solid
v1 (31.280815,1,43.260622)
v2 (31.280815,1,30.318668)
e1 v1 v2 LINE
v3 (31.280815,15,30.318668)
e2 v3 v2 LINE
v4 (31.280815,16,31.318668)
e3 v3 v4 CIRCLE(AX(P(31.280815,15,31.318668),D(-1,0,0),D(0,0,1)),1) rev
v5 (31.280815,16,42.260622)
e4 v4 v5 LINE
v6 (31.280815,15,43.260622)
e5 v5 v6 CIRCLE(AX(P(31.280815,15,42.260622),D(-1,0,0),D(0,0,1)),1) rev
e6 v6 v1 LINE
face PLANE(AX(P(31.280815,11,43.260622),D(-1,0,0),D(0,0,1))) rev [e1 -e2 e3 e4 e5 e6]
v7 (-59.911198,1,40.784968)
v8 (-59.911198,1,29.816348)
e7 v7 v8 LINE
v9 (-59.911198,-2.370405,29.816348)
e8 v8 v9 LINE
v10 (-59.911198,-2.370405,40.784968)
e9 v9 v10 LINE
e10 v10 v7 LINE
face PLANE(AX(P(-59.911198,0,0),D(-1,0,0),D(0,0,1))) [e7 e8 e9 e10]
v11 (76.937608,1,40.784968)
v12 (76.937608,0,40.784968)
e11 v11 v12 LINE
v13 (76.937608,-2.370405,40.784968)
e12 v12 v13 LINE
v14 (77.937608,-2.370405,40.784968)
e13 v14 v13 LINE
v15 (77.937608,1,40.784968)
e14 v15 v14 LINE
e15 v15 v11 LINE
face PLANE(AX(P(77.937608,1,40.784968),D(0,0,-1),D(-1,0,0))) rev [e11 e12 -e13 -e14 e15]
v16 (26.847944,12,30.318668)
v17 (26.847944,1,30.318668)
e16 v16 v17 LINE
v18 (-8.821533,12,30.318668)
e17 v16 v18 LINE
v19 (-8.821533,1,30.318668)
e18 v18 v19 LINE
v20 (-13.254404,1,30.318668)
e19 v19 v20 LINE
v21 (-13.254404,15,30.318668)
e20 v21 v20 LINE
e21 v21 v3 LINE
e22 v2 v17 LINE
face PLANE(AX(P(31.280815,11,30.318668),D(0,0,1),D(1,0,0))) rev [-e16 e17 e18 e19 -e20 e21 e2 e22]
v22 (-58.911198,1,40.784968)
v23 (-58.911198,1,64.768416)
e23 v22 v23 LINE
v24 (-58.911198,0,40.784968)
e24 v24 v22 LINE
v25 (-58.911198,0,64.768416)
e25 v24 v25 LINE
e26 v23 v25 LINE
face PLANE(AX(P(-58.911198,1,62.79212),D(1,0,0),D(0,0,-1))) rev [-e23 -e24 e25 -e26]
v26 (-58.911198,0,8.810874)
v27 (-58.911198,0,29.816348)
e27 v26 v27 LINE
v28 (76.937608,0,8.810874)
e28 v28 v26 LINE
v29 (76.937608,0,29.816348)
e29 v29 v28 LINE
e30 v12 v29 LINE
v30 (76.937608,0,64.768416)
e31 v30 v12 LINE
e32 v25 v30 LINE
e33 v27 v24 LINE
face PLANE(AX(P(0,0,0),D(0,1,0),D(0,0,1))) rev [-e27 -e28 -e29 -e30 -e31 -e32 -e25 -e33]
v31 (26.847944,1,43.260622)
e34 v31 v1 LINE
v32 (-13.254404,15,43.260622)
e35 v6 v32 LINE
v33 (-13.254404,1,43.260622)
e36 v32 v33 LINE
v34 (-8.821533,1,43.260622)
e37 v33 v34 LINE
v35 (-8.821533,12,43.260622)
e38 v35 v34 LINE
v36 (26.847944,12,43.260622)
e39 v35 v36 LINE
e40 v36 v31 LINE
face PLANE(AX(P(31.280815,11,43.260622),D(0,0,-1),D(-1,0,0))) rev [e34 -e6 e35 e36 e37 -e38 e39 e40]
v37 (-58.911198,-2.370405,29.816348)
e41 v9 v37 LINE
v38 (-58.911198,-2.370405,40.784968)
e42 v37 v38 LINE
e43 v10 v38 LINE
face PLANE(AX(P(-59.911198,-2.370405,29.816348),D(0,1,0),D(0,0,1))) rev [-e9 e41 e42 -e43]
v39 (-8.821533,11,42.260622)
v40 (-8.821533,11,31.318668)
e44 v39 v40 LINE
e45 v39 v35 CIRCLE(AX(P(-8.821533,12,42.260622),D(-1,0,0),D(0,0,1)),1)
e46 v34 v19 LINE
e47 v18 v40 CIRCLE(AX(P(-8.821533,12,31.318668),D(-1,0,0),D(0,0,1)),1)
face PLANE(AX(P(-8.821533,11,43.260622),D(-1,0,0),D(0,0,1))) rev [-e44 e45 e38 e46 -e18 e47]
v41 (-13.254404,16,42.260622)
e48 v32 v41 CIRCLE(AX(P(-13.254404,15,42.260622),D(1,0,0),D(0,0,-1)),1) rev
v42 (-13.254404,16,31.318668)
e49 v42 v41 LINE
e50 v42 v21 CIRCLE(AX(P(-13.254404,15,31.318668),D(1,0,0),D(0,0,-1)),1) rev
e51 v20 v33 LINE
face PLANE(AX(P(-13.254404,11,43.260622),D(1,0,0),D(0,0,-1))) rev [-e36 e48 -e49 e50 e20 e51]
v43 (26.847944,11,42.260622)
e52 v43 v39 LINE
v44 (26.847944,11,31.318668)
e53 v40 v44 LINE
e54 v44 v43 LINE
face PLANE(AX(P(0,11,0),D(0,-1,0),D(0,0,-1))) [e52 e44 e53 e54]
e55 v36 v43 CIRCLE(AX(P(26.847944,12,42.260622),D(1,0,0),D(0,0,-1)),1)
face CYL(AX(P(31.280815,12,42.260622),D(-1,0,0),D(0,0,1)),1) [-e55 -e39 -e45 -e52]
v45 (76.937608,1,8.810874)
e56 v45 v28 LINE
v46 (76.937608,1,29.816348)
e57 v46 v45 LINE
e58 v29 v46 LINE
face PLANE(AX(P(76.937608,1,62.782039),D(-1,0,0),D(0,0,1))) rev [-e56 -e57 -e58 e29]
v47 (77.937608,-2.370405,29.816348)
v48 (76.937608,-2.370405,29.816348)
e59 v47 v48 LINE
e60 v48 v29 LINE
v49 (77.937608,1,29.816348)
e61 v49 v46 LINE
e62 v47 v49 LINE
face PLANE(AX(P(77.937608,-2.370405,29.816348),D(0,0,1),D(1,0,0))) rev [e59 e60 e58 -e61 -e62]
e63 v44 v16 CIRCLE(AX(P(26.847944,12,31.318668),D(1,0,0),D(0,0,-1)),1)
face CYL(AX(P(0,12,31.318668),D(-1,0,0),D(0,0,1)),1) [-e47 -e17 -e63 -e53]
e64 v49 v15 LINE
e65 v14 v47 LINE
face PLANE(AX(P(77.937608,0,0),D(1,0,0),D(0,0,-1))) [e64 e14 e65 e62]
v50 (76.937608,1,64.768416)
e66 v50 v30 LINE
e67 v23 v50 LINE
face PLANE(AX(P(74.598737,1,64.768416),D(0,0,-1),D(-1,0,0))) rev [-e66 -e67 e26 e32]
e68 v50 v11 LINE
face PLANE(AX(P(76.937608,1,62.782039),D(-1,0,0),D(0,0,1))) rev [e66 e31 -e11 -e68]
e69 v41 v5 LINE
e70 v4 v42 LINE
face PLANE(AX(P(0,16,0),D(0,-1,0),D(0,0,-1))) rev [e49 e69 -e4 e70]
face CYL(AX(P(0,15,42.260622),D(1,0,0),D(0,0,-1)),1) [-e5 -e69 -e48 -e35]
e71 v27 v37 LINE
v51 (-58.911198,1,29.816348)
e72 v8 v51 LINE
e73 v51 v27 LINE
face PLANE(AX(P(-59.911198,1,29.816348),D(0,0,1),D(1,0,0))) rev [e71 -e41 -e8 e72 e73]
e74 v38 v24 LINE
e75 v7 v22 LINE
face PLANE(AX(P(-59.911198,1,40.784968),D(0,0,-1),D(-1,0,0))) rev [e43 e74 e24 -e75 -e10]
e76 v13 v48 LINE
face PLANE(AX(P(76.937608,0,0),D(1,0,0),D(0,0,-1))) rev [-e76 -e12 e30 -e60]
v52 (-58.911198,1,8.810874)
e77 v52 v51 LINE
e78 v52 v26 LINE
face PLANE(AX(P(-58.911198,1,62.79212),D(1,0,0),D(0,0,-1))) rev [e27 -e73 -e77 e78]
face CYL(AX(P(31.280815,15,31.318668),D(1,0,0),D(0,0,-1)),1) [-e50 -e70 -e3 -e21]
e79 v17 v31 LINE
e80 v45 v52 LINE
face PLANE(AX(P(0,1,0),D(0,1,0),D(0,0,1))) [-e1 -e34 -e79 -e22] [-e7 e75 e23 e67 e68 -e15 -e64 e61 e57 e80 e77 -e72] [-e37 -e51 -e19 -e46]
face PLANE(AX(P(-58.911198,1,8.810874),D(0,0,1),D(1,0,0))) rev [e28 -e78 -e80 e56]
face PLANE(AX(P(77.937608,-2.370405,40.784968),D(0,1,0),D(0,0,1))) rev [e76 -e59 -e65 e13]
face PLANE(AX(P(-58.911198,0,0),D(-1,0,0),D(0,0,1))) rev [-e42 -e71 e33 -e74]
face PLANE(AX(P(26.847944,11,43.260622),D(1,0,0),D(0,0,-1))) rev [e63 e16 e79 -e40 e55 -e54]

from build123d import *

# Parameters (mm, degrees)
BOSS_EXTRUDE1_DEPTH = 1
SKETCH3_W           = 4.432871169
SKETCH3_H           = 12.941954118
SKETCH3_W_2         = 4.432871168
BOSS_EXTRUDE4_DEPTH = 10
SKETCH4_W           = 44.535219178
SKETCH4_H           = 12.941954118
BOSS_EXTRUDE6_DEPTH = 5
FILLET3_R           = 1
FILLET4_R           = 1
SKETCH7_W           = 10.96861972
SKETCH7_H           = 3.370404632
BOSS_EXTRUDE7_DEPTH = 1
SKETCH9_W           = 10.96861972
SKETCH9_H           = 3.370404632
BOSS_EXTRUDE8_DEPTH = 1


with BuildPart() as part:
    # Sketch1 → Boss-Extrude1 (new body)
    with BuildSketch(Plane(origin=(0, 0, 0), x_dir=(1, 0, 0), z_dir=(0, 1, 0))):
        Polygon((76.937608383, -62.782038713), (76.937608383, -8.810873689), (-58.911197585, -8.810873689), (-58.911197585, -62.792119939), (-58.911197585, -64.768415651), (-56.350218844, -64.768415651), (74.598736982, -64.768415651), (76.937608383, -64.768415651), align=None)
    extrude(amount=BOSS_EXTRUDE1_DEPTH)

    # Sketch3 → Boss-Extrude4 (add)
    with BuildSketch(Plane(origin=(0, 1, 0), x_dir=(1, 0, 0), z_dir=(0, 1, 0))):
        with Locations((-11.037968606, -36.78964467)):
            Rectangle(SKETCH3_W, SKETCH3_H)
        with Locations((29.064379404, -36.78964467)):
            Rectangle(SKETCH3_W_2, SKETCH3_H)
    extrude(amount=BOSS_EXTRUDE4_DEPTH)

    # Sketch4 → Boss-Extrude6 (add)
    with BuildSketch(Plane(origin=(0, 11, 0), x_dir=(1, 0, 0), z_dir=(0, 1, 0))):
        with Locations((9.013205399, -36.78964467)):
            Rectangle(SKETCH4_W, SKETCH4_H)
    extrude(amount=BOSS_EXTRUDE6_DEPTH)

    # Fillet3
    fillet3_edges = [part.edges().sort_by_distance(p)[0] for p in [
        (9.013205399, 16, 30.318667611),
        (9.013205399, 16, 43.260621729),
    ]]
    fillet(fillet3_edges, radius=FILLET3_R)

    # Fillet4
    fillet4_edges = [part.edges().sort_by_distance(p)[0] for p in [
        (9.013205399, 11, 43.260621729),
        (9.013205399, 11, 30.318667611),
    ]]
    fillet(fillet4_edges, radius=FILLET4_R)

    # Sketch7 → Boss-Extrude7 (add)
    with BuildSketch(Plane.ZY.offset(58.911197585)):
        with Locations((35.300658133, -0.685202316)):
            Rectangle(SKETCH7_W, SKETCH7_H)
    extrude(amount=BOSS_EXTRUDE7_DEPTH)

    # Sketch9 → Boss-Extrude8 (add)
    with BuildSketch(Plane(origin=(76.937608383, 0, 0), x_dir=(0, 0, -1), z_dir=(1, 0, 0))):
        with Locations((-35.300658133, -0.685202316)):
            Rectangle(SKETCH9_W, SKETCH9_H)
    extrude(amount=BOSS_EXTRUDE8_DEPTH)


solid = part.part
